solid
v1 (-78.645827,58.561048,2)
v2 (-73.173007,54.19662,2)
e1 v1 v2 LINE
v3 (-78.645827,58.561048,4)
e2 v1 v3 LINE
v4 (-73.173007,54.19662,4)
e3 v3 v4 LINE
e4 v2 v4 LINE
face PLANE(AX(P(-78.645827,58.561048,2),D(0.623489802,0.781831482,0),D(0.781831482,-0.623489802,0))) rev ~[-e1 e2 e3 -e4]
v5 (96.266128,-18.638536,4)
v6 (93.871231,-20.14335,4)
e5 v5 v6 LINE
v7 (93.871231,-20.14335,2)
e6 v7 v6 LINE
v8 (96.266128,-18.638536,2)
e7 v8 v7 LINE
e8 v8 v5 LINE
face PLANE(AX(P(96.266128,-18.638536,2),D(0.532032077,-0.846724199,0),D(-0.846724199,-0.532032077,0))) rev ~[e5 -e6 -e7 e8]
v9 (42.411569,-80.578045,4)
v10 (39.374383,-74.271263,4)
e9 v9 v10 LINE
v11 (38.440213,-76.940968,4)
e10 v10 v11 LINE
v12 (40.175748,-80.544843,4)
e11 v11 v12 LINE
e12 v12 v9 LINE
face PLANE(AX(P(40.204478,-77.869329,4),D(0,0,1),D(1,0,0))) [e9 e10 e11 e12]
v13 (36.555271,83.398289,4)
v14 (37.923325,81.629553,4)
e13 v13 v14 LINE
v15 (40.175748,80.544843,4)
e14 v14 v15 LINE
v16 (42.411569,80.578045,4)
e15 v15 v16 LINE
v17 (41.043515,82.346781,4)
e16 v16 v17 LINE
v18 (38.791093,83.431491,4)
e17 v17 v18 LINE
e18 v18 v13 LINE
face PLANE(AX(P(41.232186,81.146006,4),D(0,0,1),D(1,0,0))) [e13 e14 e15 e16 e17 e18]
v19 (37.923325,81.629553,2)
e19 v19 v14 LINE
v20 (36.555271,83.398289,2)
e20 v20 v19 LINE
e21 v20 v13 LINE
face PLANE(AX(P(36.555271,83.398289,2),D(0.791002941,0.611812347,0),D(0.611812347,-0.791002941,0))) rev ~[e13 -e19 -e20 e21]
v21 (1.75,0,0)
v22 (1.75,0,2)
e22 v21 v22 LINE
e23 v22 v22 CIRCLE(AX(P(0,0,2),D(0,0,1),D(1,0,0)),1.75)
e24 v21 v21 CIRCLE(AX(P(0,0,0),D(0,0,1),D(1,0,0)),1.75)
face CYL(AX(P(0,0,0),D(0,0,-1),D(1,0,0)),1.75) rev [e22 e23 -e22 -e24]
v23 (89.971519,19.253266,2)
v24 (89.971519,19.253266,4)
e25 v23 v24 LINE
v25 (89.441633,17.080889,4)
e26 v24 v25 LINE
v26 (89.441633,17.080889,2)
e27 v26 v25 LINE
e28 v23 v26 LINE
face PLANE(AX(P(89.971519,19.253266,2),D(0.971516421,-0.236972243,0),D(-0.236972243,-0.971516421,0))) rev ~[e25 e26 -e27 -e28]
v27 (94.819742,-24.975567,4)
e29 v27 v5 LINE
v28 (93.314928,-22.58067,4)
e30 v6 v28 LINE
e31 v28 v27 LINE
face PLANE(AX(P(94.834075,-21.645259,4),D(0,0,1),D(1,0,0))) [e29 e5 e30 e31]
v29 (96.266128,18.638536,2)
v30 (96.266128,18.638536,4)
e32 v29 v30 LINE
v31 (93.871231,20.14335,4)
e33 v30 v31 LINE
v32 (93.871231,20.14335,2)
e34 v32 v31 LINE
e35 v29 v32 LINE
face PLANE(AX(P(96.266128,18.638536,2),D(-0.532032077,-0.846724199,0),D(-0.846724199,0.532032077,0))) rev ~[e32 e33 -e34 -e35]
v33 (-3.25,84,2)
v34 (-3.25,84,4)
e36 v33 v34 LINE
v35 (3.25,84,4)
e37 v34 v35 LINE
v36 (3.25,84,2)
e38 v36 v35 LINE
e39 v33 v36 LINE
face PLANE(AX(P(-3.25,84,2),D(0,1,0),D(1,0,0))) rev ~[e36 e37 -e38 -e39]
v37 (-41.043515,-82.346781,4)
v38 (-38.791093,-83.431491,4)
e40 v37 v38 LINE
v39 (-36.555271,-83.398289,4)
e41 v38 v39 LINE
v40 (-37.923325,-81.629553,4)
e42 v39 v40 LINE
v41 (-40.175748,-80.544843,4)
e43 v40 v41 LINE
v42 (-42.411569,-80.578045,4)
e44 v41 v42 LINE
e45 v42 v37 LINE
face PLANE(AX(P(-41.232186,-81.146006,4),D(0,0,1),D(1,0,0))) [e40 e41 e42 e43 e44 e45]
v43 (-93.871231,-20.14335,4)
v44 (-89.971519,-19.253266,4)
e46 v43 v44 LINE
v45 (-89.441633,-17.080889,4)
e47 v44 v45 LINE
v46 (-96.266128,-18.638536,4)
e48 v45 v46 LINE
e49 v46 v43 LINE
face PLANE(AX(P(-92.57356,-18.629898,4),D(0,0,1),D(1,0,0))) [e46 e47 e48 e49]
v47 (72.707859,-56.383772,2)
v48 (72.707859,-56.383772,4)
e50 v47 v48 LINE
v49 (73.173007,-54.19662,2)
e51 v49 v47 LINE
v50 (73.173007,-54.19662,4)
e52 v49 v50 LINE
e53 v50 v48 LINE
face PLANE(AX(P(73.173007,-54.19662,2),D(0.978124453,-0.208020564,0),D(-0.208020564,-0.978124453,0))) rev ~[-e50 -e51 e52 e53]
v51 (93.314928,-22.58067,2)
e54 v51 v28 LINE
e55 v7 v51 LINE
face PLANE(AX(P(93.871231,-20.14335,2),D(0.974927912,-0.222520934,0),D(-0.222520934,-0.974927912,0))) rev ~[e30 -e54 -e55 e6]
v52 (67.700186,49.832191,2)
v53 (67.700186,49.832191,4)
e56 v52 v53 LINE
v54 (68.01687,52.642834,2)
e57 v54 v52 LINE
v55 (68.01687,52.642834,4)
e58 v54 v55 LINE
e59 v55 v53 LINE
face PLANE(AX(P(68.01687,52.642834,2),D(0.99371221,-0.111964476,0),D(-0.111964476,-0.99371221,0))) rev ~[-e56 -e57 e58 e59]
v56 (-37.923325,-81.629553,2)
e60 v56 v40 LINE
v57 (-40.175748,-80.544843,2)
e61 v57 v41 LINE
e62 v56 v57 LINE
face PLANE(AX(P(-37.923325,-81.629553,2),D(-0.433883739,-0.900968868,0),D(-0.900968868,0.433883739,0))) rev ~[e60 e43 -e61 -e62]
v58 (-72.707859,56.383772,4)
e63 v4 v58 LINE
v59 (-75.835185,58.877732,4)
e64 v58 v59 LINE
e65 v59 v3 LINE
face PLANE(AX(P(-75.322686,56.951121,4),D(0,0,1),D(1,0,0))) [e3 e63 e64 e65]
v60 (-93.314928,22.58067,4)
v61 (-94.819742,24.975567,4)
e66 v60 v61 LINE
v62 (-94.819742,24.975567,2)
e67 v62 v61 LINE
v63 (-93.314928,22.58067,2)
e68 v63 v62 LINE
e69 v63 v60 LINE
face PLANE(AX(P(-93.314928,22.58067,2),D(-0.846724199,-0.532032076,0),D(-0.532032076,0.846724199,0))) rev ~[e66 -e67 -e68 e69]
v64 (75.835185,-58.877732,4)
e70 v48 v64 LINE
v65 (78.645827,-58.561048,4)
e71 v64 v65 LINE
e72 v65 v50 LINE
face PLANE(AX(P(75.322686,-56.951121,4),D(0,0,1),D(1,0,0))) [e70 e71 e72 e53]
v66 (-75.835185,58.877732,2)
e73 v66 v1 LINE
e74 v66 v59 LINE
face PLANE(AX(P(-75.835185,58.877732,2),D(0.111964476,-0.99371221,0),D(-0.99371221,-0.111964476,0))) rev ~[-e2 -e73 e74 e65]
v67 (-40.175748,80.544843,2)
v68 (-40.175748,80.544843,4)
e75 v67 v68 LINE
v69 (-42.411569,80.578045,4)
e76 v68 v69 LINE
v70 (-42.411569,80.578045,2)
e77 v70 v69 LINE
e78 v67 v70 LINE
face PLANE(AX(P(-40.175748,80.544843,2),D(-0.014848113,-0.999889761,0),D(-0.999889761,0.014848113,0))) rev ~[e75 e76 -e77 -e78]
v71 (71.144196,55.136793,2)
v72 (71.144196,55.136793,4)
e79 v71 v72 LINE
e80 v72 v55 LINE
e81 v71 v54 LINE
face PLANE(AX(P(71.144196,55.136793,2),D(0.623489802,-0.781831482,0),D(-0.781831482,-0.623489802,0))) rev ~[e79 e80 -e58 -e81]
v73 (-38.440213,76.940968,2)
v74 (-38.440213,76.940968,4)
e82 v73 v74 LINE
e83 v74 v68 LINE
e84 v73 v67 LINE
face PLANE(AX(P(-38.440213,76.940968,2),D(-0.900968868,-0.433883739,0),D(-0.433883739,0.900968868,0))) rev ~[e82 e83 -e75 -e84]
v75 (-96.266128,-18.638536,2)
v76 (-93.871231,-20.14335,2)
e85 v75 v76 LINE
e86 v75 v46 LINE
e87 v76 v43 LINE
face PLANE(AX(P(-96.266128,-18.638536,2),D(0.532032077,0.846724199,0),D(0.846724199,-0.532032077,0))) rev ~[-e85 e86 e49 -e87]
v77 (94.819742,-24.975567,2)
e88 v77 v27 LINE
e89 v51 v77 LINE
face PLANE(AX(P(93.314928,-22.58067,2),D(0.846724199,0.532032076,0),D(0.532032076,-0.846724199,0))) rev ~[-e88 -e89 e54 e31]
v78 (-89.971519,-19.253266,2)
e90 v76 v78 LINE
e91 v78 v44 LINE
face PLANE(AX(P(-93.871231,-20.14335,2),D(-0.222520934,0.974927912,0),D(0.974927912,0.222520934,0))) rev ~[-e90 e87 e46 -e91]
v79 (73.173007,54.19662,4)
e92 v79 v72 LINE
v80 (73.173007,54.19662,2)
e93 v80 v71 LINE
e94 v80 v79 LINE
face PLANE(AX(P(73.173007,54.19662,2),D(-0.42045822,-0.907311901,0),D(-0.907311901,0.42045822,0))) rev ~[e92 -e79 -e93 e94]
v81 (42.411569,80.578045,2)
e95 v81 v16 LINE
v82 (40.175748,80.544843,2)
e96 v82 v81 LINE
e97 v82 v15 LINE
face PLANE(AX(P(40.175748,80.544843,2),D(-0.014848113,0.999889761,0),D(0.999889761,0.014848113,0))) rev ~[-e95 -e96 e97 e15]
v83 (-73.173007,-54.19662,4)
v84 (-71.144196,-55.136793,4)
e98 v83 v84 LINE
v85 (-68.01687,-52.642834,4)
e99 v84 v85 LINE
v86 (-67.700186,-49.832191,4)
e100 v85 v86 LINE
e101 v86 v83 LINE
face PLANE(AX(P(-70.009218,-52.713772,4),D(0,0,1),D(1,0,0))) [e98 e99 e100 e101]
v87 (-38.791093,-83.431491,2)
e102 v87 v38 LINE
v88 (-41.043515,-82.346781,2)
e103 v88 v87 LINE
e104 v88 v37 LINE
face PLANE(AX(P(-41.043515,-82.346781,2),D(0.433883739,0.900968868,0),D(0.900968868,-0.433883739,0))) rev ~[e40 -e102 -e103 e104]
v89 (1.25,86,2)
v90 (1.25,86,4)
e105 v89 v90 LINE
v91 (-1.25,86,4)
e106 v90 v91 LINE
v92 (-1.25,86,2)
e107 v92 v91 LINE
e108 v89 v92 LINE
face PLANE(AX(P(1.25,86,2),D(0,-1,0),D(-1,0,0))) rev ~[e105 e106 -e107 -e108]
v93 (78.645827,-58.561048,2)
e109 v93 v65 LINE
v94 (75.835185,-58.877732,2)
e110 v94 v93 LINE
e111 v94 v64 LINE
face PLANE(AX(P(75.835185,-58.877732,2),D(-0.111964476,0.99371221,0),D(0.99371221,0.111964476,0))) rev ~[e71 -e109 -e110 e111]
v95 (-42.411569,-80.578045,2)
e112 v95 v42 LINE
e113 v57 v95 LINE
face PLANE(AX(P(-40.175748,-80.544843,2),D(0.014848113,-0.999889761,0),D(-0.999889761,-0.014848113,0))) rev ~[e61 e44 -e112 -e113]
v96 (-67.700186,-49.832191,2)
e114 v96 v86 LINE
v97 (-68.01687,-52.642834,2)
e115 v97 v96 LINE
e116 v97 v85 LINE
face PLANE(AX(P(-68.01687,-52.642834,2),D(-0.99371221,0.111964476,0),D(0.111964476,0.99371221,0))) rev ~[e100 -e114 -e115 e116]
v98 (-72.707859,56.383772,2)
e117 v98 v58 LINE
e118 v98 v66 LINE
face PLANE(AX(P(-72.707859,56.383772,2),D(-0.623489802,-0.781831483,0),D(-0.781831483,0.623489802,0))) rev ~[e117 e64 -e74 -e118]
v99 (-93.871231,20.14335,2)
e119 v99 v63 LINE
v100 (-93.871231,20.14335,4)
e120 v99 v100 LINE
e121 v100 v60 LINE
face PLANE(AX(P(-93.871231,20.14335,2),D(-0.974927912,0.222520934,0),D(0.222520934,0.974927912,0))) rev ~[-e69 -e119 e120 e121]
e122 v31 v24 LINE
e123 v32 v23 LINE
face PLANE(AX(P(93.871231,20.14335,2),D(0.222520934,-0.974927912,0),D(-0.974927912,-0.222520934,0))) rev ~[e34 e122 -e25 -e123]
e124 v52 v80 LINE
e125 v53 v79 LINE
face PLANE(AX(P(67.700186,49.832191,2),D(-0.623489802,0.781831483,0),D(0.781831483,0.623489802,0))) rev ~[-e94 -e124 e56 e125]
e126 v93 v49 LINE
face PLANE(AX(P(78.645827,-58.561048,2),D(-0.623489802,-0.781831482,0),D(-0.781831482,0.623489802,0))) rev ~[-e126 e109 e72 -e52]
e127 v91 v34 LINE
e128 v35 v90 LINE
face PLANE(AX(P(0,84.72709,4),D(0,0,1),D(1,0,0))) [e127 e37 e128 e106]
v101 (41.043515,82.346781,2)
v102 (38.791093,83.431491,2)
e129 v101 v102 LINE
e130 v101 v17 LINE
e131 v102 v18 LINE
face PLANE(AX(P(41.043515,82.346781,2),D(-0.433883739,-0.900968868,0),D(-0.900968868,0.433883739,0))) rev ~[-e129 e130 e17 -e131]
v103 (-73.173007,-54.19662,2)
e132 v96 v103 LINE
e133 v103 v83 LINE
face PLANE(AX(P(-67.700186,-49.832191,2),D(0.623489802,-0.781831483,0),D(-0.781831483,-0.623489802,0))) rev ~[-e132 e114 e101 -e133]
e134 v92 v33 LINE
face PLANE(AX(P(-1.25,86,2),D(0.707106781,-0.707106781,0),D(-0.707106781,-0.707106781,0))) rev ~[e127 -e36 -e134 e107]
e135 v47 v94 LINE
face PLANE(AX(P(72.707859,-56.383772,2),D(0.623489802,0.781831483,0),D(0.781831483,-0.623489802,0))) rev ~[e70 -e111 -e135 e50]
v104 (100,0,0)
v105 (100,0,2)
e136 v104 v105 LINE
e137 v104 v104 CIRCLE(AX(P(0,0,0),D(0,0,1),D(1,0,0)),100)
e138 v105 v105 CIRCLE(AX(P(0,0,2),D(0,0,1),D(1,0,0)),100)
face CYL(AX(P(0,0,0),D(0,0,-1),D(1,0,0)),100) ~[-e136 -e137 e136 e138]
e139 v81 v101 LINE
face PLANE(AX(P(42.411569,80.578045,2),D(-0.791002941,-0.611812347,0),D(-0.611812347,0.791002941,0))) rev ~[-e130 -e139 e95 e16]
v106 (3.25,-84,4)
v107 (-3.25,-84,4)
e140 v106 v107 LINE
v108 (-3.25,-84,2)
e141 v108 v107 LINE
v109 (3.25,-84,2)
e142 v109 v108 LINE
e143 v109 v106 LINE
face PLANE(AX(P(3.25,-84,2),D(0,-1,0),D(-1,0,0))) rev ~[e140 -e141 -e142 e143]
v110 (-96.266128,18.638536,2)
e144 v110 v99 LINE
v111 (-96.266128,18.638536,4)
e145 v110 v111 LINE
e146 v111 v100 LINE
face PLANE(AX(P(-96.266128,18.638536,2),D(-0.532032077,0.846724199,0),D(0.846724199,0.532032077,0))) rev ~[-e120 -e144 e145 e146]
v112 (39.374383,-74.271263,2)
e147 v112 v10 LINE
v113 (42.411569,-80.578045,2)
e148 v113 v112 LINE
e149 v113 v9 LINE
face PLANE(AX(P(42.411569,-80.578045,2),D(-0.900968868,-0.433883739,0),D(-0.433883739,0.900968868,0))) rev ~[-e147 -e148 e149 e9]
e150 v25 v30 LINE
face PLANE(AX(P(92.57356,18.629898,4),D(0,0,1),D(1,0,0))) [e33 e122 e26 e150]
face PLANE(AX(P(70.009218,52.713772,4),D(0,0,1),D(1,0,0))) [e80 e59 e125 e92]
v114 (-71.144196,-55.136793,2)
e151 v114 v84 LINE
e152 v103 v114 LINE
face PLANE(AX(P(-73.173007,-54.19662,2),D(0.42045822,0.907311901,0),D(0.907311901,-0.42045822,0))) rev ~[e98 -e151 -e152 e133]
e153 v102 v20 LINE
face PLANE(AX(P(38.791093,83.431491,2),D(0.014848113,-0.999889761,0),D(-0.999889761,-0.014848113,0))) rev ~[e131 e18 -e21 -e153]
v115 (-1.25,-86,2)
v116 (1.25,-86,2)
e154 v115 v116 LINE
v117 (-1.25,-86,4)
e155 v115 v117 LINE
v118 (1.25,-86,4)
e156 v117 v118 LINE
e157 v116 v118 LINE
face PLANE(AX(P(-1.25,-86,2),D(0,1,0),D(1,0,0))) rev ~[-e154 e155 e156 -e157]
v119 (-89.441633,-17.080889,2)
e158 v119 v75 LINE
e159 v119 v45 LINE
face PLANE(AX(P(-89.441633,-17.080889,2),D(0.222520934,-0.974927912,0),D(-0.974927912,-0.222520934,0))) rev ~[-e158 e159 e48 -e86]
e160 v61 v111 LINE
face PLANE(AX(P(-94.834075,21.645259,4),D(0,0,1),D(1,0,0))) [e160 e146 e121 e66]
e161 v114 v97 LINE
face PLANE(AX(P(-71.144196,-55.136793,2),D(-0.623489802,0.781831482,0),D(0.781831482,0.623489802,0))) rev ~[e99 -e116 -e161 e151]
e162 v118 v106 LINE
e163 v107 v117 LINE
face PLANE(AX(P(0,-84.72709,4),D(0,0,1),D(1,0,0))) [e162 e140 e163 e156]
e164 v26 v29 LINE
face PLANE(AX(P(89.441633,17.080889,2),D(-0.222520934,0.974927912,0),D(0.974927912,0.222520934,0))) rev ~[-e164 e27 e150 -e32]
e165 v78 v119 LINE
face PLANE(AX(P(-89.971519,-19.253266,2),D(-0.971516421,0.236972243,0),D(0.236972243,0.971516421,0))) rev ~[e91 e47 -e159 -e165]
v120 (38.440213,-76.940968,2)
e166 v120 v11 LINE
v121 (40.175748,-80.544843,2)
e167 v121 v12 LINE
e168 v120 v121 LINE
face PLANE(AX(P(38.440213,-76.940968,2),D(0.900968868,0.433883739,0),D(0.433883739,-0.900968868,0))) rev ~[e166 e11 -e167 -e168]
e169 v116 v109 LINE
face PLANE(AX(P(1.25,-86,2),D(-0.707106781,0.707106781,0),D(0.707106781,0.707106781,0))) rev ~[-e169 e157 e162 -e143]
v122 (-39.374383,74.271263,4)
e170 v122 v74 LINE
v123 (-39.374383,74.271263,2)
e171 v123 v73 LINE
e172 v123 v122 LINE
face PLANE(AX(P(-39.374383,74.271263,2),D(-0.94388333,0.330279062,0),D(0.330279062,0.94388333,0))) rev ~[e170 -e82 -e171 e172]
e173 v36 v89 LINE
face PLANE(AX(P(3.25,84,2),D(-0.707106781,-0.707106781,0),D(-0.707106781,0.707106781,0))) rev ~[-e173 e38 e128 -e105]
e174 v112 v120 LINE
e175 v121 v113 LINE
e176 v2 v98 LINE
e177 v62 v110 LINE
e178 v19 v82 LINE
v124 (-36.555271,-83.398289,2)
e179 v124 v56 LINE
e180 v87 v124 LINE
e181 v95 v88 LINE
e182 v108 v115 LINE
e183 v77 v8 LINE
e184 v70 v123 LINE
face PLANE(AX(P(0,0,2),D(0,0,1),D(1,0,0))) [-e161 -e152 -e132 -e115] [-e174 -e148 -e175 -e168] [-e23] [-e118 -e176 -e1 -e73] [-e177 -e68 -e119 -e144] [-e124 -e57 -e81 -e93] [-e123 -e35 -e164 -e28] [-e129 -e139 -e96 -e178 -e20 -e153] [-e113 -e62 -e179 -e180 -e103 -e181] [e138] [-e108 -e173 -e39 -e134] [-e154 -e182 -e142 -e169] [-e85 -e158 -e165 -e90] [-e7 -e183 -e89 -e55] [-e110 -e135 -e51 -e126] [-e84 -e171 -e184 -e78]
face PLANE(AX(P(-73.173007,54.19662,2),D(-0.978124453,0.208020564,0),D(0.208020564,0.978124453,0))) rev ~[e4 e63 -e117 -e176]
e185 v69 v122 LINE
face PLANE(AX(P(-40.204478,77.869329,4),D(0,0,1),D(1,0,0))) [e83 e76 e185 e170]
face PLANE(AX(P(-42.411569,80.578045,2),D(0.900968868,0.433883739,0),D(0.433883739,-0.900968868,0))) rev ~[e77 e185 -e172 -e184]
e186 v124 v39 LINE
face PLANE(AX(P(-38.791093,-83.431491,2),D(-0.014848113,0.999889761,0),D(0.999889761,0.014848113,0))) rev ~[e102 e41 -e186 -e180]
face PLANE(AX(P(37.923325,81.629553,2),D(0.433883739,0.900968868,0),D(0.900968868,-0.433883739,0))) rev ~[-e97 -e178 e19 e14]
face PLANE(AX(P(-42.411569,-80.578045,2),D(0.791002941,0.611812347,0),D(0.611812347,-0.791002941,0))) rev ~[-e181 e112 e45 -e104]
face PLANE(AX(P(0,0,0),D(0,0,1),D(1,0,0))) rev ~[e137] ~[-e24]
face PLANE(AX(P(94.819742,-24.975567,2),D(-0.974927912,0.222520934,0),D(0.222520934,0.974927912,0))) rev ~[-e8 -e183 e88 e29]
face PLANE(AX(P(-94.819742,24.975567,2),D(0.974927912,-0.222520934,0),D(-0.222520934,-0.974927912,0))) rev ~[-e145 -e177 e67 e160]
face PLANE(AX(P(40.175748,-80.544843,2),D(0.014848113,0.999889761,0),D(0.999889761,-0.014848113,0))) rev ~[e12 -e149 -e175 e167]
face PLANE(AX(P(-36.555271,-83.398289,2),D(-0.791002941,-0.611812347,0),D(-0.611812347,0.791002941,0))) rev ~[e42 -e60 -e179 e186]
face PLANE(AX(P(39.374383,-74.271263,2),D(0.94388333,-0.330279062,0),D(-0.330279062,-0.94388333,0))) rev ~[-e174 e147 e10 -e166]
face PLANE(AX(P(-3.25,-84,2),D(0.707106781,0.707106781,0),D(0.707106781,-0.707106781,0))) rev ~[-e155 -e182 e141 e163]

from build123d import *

# Parameters (mm, degrees)
SKETCH1_R           = 100
SKETCH1_R_2         = 1.75
BOSS_EXTRUDE1_DEPTH = 2
BOSS_EXTRUDE2_DEPTH = 2


with BuildPart() as part:
    # Sketch1 → Boss-Extrude1 (new body)
    with BuildSketch(Plane.XY):
        Circle(SKETCH1_R)
        Circle(SKETCH1_R_2, mode=Mode.SUBTRACT)
    extrude(amount=BOSS_EXTRUDE1_DEPTH)

    # Sketch2 → Boss-Extrude2 (add)
    with BuildSketch(Plane.XY.offset(2)):
        Polygon((-3.25, -84), (-1.25, -86), (1.25, -86), (3.25, -84), align=None)
        Polygon((-40.175747605, -80.544843437), (-42.41156908, -80.578044827), (-41.043515084, -82.346781173), (-38.791092914, -83.431490521), (-36.555271439, -83.398289131), (-37.923325436, -81.629552785), align=None)
        Polygon((-68.016869745, -52.642833607), (-67.700186383, -49.832191038), (-73.173006761, -54.196619651), (-71.144195674, -55.136792814), align=None)
        Polygon((-89.971519088, -19.253266034), (-89.441633044, -17.080889275), (-96.266128429, -18.638535813), (-93.871230737, -20.14334977), align=None)
        Polygon((-93.314928402, 22.58066955), (-94.819742358, 24.975567242), (-96.266128429, 18.638535813), (-93.871230737, 20.14334977), align=None)
        Polygon((-78.645827138, 58.561048264), (-73.173006761, 54.196619651), (-72.707858639, 56.383772418), (-75.835184569, 58.877731625), align=None)
        Polygon((-42.41156908, 80.578044827), (-39.374382907, 74.271262752), (-38.440212649, 76.940967966), (-40.175747605, 80.544843437), align=None)
        Polygon((-3.25, 84), (3.25, 84), (1.25, 86), (-1.25, 86), align=None)
        Polygon((40.175747605, 80.544843437), (42.41156908, 80.578044827), (41.043515084, 82.346781173), (38.791092914, 83.431490521), (36.555271439, 83.398289131), (37.923325436, 81.629552785), align=None)
        Polygon((68.016869745, 52.642833607), (67.700186383, 49.832191038), (73.173006761, 54.196619651), (71.144195674, 55.136792814), align=None)
        Polygon((89.971519088, 19.253266034), (89.441633044, 17.080889275), (96.266128429, 18.638535813), (93.871230737, 20.14334977), align=None)
        Polygon((93.314928402, -22.58066955), (94.819742358, -24.975567242), (96.266128429, -18.638535813), (93.871230737, -20.14334977), align=None)
        Polygon((78.645827138, -58.561048264), (73.173006761, -54.196619651), (72.707858639, -56.383772418), (75.835184569, -58.877731625), align=None)
        Polygon((42.41156908, -80.578044827), (39.374382907, -74.271262752), (38.440212649, -76.940967966), (40.175747605, -80.544843437), align=None)
    extrude(amount=BOSS_EXTRUDE2_DEPTH)


solid = part.part
